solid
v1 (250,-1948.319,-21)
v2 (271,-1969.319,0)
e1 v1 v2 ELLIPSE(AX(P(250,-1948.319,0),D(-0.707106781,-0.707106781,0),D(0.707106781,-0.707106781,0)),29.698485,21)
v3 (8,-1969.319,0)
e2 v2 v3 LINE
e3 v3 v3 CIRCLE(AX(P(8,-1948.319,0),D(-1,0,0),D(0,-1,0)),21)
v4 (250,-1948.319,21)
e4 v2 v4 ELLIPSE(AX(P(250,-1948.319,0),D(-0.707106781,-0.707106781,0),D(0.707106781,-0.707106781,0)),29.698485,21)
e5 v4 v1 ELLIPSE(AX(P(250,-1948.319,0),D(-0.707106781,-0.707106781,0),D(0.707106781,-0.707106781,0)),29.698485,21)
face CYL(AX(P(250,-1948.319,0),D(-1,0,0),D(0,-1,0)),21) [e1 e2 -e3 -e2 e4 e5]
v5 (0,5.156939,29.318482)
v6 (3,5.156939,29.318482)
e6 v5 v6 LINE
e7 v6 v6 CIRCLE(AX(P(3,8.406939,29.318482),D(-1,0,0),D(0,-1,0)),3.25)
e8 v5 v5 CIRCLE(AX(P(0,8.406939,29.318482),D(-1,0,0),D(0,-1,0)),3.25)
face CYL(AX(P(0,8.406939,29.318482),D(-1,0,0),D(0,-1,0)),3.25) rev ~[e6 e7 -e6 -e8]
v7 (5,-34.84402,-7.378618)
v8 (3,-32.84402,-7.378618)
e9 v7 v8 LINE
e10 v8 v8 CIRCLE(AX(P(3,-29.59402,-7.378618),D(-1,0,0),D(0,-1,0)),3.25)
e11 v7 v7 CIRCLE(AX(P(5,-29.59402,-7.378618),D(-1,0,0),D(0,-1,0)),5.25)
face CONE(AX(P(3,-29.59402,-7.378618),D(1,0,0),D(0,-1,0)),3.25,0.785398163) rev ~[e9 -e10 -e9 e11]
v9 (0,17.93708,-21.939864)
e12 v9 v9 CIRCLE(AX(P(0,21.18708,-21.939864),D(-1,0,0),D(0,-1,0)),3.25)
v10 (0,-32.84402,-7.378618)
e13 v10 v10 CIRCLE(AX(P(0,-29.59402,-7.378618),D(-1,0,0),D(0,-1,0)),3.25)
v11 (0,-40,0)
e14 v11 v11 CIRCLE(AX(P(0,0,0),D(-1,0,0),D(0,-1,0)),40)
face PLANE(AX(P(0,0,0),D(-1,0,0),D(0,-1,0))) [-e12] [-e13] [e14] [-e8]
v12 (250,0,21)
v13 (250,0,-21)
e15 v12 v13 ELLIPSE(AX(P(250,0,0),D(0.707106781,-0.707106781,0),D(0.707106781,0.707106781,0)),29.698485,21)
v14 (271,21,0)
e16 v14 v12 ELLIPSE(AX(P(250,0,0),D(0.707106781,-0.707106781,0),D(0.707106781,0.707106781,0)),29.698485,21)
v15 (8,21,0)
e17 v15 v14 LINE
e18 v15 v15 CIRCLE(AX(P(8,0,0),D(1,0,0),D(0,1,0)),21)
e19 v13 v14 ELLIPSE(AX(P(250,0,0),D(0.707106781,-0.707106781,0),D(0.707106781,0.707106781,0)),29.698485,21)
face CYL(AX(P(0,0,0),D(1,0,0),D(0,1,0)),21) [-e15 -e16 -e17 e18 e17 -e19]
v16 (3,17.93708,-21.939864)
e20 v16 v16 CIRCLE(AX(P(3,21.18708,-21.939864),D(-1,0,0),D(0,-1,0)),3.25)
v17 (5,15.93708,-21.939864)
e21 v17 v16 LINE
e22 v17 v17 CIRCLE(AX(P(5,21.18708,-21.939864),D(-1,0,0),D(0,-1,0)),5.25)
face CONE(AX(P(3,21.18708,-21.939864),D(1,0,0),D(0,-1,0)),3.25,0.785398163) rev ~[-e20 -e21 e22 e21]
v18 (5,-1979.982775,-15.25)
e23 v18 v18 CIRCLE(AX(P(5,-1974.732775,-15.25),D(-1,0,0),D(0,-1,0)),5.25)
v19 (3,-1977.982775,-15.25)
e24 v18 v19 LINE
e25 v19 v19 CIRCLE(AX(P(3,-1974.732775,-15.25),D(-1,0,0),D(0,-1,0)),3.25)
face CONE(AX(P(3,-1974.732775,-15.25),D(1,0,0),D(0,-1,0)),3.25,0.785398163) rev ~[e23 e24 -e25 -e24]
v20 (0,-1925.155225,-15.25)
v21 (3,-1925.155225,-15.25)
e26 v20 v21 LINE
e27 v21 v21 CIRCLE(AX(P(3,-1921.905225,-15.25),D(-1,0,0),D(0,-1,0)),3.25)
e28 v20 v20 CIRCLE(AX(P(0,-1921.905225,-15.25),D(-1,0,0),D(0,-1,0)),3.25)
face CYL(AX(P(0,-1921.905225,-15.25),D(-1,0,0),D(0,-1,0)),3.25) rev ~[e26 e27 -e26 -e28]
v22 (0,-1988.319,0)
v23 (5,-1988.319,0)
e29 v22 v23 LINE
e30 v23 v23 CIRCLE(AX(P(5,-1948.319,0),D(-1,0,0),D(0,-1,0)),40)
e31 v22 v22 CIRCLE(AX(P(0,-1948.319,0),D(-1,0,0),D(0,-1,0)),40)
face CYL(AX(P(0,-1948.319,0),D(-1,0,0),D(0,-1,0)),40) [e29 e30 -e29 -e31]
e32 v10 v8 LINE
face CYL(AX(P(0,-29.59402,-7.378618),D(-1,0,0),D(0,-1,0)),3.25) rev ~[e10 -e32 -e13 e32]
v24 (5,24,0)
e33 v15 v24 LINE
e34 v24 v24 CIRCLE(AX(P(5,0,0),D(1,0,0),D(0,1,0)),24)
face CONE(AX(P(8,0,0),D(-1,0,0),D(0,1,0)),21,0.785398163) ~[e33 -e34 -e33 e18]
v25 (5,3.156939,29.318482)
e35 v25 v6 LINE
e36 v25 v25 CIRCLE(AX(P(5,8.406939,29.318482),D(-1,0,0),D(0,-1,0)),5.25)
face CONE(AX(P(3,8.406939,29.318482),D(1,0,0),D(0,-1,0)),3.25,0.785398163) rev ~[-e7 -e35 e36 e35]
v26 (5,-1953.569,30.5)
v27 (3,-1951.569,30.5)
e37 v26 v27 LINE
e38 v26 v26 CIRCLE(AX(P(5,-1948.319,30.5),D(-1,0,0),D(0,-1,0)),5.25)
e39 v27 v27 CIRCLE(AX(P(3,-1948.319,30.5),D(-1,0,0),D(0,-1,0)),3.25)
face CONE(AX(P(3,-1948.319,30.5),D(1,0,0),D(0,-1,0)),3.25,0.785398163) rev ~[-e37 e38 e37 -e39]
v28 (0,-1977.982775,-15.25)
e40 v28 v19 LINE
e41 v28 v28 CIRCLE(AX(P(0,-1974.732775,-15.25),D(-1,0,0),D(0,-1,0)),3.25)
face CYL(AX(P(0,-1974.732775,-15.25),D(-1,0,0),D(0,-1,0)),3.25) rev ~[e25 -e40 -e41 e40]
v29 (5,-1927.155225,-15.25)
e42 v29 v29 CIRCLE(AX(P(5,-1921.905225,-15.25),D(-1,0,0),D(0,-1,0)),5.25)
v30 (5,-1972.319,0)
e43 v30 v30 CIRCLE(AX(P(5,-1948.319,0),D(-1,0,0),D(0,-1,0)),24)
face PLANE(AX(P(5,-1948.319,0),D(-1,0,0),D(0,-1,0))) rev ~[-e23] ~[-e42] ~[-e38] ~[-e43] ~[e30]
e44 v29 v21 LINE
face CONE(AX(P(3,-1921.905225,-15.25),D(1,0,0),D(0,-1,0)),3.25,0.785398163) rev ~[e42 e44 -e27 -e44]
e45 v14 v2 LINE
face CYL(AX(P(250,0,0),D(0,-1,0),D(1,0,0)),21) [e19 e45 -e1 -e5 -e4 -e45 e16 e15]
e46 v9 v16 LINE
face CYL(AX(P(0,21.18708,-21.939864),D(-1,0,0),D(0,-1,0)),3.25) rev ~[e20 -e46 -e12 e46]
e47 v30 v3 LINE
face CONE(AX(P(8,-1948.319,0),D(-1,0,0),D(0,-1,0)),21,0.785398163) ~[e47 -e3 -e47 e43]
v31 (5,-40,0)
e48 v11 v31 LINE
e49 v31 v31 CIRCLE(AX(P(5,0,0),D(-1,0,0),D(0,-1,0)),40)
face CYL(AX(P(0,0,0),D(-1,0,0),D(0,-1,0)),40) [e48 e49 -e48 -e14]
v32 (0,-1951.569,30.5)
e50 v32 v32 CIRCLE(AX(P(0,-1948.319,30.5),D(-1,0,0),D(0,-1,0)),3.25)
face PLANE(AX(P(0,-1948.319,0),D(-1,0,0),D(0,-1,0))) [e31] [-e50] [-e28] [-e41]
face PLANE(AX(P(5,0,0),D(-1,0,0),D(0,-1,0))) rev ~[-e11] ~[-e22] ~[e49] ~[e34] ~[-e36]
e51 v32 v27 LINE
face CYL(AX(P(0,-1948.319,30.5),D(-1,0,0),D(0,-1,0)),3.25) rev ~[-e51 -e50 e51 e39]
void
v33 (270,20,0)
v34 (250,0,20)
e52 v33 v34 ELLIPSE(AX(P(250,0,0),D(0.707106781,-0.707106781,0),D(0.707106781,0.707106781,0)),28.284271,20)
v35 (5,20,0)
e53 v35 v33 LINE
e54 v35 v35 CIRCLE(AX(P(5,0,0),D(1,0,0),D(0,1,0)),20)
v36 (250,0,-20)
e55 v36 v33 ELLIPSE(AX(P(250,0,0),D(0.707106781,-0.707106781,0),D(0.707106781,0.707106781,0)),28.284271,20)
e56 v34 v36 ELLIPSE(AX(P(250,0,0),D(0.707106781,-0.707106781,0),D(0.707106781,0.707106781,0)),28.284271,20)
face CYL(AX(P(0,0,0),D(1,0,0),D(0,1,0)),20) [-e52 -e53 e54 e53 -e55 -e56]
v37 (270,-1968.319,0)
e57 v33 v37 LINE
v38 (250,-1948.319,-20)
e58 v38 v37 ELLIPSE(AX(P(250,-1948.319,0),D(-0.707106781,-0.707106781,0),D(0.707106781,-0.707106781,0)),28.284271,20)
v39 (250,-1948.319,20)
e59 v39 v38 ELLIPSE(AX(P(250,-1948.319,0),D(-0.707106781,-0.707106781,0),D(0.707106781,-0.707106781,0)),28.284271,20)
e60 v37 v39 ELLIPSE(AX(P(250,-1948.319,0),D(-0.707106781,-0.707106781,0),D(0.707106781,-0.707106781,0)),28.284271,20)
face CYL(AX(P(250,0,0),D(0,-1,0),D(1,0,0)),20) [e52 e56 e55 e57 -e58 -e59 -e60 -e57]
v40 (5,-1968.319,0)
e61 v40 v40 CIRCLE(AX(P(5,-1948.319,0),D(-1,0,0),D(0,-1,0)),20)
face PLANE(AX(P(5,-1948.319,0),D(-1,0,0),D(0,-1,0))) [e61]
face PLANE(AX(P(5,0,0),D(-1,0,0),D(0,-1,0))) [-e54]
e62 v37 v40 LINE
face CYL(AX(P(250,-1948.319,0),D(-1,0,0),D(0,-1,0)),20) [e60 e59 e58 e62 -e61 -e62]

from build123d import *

# Parameters (mm, degrees)
F0_R     = 21
F0_R_2   = 20
F3_R     = 40
F3_R_2   = 3.25
F4_DEPTH = 5
F5_SIZE  = 2
F6_SIZE  = 3


with BuildPart() as f2:
    # F2: sweep along a path in F1
    with BuildLine(Plane.XY) as f2_path:
        Line((0, 0), (250, 0))
        Line((250, 0), (250, -1948.319))
        Line((250, -1948.319), (0, -1948.319))
    # F0 (on Right) → F2 (sweep)
    with BuildSketch(Plane.YZ):
        Circle(F0_R)
        Circle(F0_R_2, mode=Mode.SUBTRACT)
    sweep(path=f2_path.line, transition=Transition.RIGHT)

    # F3 (on face) → F4 (join)
    with BuildSketch(Plane(origin=(0, 0, 0), x_dir=(0, -1, 0), z_dir=(-1, 0, 0))):
        with Locations((1948.319, 0)):
            Circle(F3_R)
        with Locations((1921.9052251846, -15.25)):
            Circle(F3_R_2, mode=Mode.SUBTRACT)
        with Locations((1974.7327748154, -15.25)):
            Circle(F3_R_2, mode=Mode.SUBTRACT)
        with Locations((1948.319, 30.5)):
            Circle(F3_R_2, mode=Mode.SUBTRACT)
        Circle(F3_R)
        with Locations((-21.187080299, -21.9398639103)):
            Circle(F3_R_2, mode=Mode.SUBTRACT)
        with Locations((29.5940196514, -7.3786178158)):
            Circle(F3_R_2, mode=Mode.SUBTRACT)
        with Locations((-8.4069393524, 29.3184817261)):
            Circle(F3_R_2, mode=Mode.SUBTRACT)
    extrude(amount=-F4_DEPTH)

    # F5
    f5_edges = [f2.edges().sort_by_distance(p)[0] for p in [
        (5, 11.656939, 29.318482),
        (5, -26.34402, -7.378618),
        (5, 24.43708, -21.939864),
        (5, -1945.069, 30.5),
        (5, -1971.482775, -15.25),
        (5, -1918.655225, -15.25),
    ]]
    chamfer(f5_edges, length=F5_SIZE)

    # F6
    f6_edges = [f2.edges().sort_by_distance(p)[0] for p in [
        (5, -21, 0),
        (5, -1927.319, 0),
    ]]
    chamfer(f6_edges, length=F6_SIZE)


solid = f2.part
